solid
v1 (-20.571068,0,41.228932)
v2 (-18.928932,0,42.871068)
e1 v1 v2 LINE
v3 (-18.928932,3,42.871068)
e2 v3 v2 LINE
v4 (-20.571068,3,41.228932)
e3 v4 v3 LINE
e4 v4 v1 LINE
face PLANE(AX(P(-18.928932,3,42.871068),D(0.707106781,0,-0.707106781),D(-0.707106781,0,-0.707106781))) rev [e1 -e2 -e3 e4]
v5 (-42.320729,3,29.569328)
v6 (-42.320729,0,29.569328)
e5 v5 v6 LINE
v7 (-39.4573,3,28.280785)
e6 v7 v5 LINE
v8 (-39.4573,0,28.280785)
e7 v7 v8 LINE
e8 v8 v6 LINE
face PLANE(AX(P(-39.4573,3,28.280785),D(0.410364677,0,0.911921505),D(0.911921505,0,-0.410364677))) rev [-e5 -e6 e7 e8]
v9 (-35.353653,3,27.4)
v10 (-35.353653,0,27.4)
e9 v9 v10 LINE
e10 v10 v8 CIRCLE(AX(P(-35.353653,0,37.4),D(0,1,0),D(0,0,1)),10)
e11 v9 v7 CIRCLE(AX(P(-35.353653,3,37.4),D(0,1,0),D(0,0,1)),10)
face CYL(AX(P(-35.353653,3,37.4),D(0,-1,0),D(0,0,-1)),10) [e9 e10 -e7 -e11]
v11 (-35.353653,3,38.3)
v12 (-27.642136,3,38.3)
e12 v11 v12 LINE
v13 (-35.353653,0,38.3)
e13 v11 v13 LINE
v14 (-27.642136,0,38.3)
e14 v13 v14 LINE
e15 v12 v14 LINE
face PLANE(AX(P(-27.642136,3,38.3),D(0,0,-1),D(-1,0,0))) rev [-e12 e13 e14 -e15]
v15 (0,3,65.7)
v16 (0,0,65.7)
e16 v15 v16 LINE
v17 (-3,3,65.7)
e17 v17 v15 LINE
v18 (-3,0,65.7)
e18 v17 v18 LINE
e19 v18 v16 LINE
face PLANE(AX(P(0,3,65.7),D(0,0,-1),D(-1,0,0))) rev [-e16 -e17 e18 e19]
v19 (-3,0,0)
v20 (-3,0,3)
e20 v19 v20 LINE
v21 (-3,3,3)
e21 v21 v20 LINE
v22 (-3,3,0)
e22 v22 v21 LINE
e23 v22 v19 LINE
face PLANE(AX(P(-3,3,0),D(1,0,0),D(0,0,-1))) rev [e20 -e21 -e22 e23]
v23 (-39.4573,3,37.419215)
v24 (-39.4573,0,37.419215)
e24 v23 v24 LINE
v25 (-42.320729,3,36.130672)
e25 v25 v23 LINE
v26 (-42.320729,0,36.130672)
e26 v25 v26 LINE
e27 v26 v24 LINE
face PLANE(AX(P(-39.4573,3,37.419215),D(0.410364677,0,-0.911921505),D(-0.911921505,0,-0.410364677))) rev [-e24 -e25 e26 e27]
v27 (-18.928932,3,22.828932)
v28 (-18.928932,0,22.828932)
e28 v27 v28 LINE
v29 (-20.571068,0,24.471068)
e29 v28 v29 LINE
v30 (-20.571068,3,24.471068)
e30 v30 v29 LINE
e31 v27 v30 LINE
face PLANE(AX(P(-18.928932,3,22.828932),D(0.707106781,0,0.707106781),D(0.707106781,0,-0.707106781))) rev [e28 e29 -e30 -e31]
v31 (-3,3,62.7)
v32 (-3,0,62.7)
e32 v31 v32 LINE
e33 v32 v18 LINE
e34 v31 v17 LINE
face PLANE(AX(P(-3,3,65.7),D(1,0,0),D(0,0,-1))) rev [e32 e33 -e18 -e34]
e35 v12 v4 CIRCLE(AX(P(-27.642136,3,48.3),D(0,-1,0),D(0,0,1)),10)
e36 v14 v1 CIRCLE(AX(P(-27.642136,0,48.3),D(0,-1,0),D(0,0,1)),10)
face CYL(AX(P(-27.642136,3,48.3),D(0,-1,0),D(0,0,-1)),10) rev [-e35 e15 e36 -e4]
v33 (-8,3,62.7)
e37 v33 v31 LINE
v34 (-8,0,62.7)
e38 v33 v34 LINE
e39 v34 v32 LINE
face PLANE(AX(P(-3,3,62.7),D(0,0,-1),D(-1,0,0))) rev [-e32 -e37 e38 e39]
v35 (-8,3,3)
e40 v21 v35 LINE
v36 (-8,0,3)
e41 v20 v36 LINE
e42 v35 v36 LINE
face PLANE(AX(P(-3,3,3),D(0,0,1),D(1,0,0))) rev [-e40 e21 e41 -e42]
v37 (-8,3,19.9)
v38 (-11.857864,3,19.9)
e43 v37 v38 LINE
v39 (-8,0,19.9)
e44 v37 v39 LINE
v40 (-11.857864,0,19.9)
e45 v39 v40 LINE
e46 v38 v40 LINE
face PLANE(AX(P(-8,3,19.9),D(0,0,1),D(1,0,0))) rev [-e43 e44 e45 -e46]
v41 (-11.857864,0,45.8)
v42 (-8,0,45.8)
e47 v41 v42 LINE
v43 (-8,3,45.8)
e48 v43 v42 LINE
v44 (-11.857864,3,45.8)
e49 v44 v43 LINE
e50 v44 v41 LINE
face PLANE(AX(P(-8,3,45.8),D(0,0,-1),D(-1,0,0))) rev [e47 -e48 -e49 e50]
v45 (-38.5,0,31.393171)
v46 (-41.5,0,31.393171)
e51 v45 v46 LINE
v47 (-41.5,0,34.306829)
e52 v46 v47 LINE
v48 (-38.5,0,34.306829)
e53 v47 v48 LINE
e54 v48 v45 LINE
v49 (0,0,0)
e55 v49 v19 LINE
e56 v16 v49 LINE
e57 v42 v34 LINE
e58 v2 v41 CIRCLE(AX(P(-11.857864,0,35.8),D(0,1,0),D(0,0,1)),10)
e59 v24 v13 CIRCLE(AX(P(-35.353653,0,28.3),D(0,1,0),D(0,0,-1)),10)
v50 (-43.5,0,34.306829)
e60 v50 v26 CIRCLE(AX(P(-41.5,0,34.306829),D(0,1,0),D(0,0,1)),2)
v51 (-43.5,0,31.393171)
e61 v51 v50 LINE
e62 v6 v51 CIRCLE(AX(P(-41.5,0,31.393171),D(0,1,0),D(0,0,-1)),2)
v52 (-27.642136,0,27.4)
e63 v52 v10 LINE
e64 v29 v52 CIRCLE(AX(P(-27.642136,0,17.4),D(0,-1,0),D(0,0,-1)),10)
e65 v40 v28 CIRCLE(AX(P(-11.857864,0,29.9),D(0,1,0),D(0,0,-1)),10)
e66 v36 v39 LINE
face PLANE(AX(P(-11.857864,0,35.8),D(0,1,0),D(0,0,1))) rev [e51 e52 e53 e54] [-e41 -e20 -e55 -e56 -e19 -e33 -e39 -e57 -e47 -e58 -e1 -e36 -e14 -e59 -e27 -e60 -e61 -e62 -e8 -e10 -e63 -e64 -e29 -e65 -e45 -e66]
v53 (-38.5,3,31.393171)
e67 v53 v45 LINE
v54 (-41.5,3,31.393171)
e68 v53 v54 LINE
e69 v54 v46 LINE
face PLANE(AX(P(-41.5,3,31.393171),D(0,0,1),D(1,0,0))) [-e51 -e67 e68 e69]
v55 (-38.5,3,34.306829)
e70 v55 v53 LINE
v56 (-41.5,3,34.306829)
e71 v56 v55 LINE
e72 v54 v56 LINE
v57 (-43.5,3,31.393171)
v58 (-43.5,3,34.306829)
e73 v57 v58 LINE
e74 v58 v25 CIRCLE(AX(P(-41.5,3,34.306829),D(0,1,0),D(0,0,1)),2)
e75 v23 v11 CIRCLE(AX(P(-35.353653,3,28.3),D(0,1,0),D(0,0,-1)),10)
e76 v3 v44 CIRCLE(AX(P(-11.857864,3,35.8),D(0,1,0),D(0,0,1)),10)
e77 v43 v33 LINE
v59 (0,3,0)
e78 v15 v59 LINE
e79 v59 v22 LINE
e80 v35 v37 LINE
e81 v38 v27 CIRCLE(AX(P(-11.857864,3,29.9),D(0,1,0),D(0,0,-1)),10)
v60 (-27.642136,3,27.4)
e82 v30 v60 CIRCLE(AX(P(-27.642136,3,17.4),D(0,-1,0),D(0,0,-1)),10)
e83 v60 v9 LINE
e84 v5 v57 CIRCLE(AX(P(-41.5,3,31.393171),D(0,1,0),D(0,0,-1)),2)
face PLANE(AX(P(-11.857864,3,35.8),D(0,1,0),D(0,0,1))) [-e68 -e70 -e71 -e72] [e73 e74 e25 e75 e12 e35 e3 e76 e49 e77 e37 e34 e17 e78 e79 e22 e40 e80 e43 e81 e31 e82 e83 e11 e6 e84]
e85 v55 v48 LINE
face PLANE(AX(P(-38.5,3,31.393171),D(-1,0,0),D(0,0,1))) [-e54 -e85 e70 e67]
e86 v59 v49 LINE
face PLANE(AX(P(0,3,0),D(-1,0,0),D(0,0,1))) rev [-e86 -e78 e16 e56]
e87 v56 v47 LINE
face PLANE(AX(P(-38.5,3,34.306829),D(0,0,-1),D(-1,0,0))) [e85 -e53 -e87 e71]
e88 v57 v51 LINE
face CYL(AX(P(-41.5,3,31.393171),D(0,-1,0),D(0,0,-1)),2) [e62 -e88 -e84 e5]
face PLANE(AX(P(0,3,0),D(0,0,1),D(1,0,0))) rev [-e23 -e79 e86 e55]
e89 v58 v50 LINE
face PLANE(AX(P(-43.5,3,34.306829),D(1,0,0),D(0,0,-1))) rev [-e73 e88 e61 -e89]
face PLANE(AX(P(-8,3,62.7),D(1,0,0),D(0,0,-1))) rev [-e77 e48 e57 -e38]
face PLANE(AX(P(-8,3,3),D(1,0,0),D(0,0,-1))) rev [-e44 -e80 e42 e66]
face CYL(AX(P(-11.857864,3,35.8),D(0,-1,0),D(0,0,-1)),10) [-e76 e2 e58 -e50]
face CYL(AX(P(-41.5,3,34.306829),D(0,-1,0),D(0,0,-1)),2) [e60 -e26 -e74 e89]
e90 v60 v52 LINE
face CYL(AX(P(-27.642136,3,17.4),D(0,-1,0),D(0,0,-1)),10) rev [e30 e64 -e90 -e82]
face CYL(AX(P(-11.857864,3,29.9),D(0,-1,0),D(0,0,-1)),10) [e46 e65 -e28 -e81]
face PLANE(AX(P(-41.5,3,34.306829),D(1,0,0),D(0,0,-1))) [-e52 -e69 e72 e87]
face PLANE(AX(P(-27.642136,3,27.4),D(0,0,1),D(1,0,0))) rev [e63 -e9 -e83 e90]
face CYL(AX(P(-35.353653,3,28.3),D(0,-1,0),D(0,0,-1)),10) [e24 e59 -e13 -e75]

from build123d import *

# Parameters (mm, degrees)
SKETCH1_W           = 3
SKETCH1_H           = 2.91365756
BOSS_EXTRUDE1_DEPTH = 3


with BuildPart() as part:
    # Sketch1 → Boss-Extrude1 (new body)
    with BuildSketch(Plane(origin=(0, 0, 0), x_dir=(1, 0, 0), z_dir=(0, 1, 0))):
        with BuildLine():
            Line((-8, -45.8), (-11.857864376, -45.8))
            ThreePointArc((-11.857864376, -45.8), (-15.6846987, -45.038795325), (-18.928932188, -42.871067812))
            Line((-18.928932188, -42.871067812), (-20.571067812, -41.228932188))
            ThreePointArc((-20.571067812, -41.228932188), (-23.8153013, -39.061204675), (-27.642135624, -38.3))
            Line((-27.642135624, -38.3), (-35.353653112, -38.3))
            ThreePointArc((-35.353653112, -38.3), (-37.452206123, -38.077324545), (-39.457299885, -37.419215052))
            Line((-39.457299885, -37.419215052), (-42.320729355, -36.13067179))
            ThreePointArc((-42.320729355, -36.13067179), (-43.179502711, -35.392771065), (-43.5, -34.30682878))
            Line((-43.5, -34.30682878), (-43.5, -31.39317122))
            ThreePointArc((-43.5, -31.39317122), (-43.179502711, -30.307228935), (-42.320729355, -29.56932821))
            Line((-42.320729355, -29.56932821), (-39.457299885, -28.280784948))
            ThreePointArc((-39.457299885, -28.280784948), (-37.452206123, -27.622675455), (-35.353653112, -27.4))
            Line((-35.353653112, -27.4), (-27.642135624, -27.4))
            ThreePointArc((-27.642135624, -27.4), (-23.8153013, -26.638795325), (-20.571067812, -24.471067812))
            Line((-20.571067812, -24.471067812), (-18.928932188, -22.828932188))
            ThreePointArc((-18.928932188, -22.828932188), (-15.6846987, -20.661204675), (-11.857864376, -19.9))
            Line((-11.857864376, -19.9), (-8, -19.9))
            Line((-8, -19.9), (-8, -3))
            Line((-8, -3), (-3, -3))
            Line((-3, -3), (-3, 0))
            Line((-3, 0), (0, 0))
            Line((0, 0), (0, -65.7))
            Line((0, -65.7), (-3, -65.7))
            Line((-3, -65.7), (-3, -62.7))
            Line((-3, -62.7), (-8, -62.7))
            Line((-8, -62.7), (-8, -45.8))
        make_face()
        with Locations((-40, -32.85)):
            Rectangle(SKETCH1_W, SKETCH1_H, mode=Mode.SUBTRACT)
    extrude(amount=BOSS_EXTRUDE1_DEPTH)


solid = part.part
